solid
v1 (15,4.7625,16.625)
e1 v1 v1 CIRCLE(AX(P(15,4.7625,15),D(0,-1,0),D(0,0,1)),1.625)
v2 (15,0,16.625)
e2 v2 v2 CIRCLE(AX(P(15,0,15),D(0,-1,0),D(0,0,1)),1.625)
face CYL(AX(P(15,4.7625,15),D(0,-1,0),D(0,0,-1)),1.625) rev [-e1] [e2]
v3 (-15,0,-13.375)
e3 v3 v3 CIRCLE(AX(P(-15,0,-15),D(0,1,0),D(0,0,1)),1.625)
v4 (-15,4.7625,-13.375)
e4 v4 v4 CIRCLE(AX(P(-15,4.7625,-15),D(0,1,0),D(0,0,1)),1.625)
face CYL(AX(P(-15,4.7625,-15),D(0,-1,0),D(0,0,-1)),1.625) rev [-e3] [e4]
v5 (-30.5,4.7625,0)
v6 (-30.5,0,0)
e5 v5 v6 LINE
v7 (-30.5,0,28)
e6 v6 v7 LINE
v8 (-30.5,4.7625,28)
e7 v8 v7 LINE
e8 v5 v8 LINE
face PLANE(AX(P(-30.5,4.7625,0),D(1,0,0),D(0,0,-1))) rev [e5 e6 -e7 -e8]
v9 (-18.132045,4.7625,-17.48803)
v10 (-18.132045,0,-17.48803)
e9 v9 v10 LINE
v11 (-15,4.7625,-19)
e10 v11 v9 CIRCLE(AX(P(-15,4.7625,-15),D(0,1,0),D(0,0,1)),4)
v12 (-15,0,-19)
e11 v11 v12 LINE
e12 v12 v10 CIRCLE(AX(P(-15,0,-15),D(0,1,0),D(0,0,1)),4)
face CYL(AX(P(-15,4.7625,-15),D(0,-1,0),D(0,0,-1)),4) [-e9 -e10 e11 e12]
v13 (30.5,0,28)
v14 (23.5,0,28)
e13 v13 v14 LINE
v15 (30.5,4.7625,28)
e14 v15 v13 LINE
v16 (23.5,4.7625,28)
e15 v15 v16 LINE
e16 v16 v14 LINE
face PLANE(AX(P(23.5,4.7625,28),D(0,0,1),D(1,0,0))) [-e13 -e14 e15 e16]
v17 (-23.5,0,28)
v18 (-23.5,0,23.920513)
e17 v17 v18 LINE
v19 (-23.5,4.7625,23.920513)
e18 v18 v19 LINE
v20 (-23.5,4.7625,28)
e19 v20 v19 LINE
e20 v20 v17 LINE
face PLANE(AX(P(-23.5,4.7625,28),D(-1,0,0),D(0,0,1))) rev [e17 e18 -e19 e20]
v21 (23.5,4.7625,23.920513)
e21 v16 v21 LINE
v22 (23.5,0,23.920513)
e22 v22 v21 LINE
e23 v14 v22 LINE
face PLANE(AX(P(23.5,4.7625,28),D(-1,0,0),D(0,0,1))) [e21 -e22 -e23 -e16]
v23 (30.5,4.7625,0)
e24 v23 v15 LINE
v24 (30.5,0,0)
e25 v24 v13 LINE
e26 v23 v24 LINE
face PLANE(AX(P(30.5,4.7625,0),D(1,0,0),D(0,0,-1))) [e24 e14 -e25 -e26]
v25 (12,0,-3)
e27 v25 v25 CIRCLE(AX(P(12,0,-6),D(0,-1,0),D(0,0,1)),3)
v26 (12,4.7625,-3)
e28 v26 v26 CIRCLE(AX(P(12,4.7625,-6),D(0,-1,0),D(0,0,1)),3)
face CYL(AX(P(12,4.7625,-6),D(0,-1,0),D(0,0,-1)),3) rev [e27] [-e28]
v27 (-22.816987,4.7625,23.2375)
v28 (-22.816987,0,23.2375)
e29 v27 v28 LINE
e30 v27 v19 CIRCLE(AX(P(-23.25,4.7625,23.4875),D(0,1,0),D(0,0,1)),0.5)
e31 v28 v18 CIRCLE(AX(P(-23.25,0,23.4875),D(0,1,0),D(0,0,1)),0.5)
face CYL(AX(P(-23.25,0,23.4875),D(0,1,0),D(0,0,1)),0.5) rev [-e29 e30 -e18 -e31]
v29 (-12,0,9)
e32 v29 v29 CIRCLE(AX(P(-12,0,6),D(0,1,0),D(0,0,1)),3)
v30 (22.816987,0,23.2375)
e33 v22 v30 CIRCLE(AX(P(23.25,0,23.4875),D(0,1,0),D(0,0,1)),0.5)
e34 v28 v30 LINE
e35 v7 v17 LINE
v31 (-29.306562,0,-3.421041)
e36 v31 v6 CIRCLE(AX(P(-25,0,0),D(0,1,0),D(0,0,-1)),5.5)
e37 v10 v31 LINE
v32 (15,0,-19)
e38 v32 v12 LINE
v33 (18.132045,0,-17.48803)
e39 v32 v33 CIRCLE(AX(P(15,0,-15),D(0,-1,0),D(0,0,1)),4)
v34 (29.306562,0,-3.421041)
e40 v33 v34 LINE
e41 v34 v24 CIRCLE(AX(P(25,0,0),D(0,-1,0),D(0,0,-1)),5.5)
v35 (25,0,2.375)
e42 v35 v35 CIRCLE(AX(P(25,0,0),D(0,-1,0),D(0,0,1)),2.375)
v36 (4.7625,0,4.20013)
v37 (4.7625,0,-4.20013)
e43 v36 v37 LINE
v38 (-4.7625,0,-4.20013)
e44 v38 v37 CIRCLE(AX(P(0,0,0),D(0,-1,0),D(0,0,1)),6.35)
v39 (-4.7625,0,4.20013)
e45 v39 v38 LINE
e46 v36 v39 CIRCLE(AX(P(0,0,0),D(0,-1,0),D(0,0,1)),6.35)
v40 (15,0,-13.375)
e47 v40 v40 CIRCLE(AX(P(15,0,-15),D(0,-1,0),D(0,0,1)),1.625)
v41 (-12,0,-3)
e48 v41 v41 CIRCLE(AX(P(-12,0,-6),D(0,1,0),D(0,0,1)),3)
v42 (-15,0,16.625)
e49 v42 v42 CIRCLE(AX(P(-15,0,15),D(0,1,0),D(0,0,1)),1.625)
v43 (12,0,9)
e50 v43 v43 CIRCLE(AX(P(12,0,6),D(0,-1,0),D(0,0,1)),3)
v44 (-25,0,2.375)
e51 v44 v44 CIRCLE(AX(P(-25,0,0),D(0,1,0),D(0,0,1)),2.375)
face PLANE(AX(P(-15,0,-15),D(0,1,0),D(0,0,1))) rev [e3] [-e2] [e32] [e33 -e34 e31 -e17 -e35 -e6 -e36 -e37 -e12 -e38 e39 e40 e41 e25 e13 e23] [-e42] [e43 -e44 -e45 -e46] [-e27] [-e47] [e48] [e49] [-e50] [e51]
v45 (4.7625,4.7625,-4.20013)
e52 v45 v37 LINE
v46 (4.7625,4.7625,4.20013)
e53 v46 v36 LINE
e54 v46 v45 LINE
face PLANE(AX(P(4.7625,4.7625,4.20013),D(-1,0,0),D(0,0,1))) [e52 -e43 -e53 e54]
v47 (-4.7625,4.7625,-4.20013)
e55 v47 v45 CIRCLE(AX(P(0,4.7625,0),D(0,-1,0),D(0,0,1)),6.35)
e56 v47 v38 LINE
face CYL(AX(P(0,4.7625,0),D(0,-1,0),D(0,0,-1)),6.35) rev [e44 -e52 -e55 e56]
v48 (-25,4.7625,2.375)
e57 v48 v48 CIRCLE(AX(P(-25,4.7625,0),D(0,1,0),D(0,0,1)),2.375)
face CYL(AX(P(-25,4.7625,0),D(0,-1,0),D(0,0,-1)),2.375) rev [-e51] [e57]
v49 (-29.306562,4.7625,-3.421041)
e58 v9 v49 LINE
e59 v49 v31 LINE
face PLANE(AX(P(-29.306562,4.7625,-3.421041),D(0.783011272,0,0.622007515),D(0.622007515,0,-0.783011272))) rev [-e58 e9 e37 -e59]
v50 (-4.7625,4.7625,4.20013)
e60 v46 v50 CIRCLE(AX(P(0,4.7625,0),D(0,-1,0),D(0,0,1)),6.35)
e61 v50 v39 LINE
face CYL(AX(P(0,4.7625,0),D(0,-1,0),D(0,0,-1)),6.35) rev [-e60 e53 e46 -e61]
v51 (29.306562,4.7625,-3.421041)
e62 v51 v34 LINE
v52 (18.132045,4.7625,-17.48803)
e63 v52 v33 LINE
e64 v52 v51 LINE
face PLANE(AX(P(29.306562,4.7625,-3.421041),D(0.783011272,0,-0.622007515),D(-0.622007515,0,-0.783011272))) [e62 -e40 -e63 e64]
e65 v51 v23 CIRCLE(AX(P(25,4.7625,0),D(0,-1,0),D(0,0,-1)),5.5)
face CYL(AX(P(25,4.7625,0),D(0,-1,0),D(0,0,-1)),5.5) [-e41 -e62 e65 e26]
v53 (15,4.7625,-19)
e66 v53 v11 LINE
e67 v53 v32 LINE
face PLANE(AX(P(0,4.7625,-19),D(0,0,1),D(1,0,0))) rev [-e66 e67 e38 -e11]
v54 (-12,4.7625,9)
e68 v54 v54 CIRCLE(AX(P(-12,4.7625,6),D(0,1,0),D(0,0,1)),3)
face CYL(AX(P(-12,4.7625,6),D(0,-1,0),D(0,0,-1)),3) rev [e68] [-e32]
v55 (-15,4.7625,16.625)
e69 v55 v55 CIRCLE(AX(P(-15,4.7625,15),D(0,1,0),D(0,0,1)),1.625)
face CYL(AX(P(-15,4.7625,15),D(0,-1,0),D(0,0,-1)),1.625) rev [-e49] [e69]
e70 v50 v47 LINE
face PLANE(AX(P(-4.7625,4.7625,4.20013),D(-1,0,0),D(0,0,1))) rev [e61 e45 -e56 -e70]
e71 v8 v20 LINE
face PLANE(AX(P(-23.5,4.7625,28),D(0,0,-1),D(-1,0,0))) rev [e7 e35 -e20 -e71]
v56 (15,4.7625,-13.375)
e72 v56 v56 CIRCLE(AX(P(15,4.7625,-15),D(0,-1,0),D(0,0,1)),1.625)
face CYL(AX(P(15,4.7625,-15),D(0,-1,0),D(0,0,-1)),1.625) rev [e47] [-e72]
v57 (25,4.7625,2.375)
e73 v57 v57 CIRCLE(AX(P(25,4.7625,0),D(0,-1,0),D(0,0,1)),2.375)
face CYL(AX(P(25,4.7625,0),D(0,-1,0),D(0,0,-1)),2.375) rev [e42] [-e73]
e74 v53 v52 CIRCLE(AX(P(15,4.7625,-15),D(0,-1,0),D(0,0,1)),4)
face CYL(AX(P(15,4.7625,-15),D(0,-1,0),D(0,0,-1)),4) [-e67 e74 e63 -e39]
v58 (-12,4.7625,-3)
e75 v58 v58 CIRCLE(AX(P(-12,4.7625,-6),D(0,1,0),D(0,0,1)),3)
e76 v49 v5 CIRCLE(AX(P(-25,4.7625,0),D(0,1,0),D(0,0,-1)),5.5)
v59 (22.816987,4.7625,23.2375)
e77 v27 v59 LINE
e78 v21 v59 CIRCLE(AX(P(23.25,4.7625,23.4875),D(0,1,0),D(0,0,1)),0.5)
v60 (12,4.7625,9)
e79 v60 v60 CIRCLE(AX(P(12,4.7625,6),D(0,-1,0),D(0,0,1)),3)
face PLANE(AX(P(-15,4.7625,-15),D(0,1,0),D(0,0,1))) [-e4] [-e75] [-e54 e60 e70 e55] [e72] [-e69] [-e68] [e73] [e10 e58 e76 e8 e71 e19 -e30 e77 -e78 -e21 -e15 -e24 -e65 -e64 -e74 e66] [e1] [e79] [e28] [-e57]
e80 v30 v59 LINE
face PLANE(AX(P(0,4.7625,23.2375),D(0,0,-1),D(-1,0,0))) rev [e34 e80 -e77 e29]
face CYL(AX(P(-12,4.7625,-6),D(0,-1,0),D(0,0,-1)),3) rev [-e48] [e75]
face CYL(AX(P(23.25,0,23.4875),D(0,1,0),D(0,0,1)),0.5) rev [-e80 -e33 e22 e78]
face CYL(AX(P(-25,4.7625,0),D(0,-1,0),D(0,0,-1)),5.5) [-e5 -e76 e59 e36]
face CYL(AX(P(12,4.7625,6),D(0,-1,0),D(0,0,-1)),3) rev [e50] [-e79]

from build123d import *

# Parameters (mm, degrees)
SKETCH1_R           = 1.625
SKETCH1_R_2         = 2.375
SKETCH1_R_3         = 3
BOSS_EXTRUDE1_DEPTH = 4.7625
SKETCH2_R           = 0.5
CUT_EXTRUDE1_DEPTH  = 5.7625


with BuildPart() as part:
    # Sketch1 → Boss-Extrude1 (new body)
    with BuildSketch(Plane(origin=(0, 0, 0), x_dir=(1, 0, 0), z_dir=(0, 1, 0))):
        with BuildLine():
            Line((-4.7625, -4.200130206), (-4.7625, 4.200130206))
            ThreePointArc((-4.7625, 4.200130206), (-2.612630206, 5.787630206), (0, 6.35))
            Line((0, 6.35), (0, 19))
            Line((0, 19), (-15, 19))
            ThreePointArc((-15, 19), (-16.738947924, 18.602229881), (-18.132045087, 17.488030058))
            Line((-18.132045087, 17.488030058), (-29.306561995, 3.42104133))
            ThreePointArc((-29.306561995, 3.42104133), (-30.193076688, 1.811616547), (-30.5, 0))
            Line((-30.5, 0), (-30.5, -28))
            Line((-30.5, -28), (-23.5, -28))
            Line((-23.5, -28), (-23.5, -23.2375))
            Line((-23.5, -23.2375), (0, -23.2375))
            Line((0, -23.2375), (0, -6.35))
            ThreePointArc((0, -6.35), (-2.612630206, -5.787630206), (-4.7625, -4.200130206))
        make_face()
        with Locations((-15, 15)):
            Circle(SKETCH1_R, mode=Mode.SUBTRACT)
        with Locations((-15, -15)):
            Circle(SKETCH1_R, mode=Mode.SUBTRACT)
        with Locations((-25, 0)):
            Circle(SKETCH1_R_2, mode=Mode.SUBTRACT)
        with Locations((-12, -6)):
            Circle(SKETCH1_R_3, mode=Mode.SUBTRACT)
        with Locations((-12, 6)):
            Circle(SKETCH1_R_3, mode=Mode.SUBTRACT)
    boss_extrude1 = extrude(amount=BOSS_EXTRUDE1_DEPTH)

    # Mirror1: Boss-Extrude1 across plane
    add(boss_extrude1.mirror(Plane(origin=(0, 4.7625, 6.35), x_dir=(0, 0, 1), z_dir=(-1, 0, 0))))

    # Sketch2 → Cut-Extrude1 (cut, through all)
    with BuildSketch(Plane(origin=(0, 4.7625, 0), x_dir=(1, 0, 0), z_dir=(0, 1, 0))):
        with Locations((-23.25, -23.4875)):
            Circle(SKETCH2_R)
        with Locations((23.25, -23.4875)):
            Circle(SKETCH2_R)
    extrude(amount=-CUT_EXTRUDE1_DEPTH, mode=Mode.SUBTRACT)


solid = part.part
